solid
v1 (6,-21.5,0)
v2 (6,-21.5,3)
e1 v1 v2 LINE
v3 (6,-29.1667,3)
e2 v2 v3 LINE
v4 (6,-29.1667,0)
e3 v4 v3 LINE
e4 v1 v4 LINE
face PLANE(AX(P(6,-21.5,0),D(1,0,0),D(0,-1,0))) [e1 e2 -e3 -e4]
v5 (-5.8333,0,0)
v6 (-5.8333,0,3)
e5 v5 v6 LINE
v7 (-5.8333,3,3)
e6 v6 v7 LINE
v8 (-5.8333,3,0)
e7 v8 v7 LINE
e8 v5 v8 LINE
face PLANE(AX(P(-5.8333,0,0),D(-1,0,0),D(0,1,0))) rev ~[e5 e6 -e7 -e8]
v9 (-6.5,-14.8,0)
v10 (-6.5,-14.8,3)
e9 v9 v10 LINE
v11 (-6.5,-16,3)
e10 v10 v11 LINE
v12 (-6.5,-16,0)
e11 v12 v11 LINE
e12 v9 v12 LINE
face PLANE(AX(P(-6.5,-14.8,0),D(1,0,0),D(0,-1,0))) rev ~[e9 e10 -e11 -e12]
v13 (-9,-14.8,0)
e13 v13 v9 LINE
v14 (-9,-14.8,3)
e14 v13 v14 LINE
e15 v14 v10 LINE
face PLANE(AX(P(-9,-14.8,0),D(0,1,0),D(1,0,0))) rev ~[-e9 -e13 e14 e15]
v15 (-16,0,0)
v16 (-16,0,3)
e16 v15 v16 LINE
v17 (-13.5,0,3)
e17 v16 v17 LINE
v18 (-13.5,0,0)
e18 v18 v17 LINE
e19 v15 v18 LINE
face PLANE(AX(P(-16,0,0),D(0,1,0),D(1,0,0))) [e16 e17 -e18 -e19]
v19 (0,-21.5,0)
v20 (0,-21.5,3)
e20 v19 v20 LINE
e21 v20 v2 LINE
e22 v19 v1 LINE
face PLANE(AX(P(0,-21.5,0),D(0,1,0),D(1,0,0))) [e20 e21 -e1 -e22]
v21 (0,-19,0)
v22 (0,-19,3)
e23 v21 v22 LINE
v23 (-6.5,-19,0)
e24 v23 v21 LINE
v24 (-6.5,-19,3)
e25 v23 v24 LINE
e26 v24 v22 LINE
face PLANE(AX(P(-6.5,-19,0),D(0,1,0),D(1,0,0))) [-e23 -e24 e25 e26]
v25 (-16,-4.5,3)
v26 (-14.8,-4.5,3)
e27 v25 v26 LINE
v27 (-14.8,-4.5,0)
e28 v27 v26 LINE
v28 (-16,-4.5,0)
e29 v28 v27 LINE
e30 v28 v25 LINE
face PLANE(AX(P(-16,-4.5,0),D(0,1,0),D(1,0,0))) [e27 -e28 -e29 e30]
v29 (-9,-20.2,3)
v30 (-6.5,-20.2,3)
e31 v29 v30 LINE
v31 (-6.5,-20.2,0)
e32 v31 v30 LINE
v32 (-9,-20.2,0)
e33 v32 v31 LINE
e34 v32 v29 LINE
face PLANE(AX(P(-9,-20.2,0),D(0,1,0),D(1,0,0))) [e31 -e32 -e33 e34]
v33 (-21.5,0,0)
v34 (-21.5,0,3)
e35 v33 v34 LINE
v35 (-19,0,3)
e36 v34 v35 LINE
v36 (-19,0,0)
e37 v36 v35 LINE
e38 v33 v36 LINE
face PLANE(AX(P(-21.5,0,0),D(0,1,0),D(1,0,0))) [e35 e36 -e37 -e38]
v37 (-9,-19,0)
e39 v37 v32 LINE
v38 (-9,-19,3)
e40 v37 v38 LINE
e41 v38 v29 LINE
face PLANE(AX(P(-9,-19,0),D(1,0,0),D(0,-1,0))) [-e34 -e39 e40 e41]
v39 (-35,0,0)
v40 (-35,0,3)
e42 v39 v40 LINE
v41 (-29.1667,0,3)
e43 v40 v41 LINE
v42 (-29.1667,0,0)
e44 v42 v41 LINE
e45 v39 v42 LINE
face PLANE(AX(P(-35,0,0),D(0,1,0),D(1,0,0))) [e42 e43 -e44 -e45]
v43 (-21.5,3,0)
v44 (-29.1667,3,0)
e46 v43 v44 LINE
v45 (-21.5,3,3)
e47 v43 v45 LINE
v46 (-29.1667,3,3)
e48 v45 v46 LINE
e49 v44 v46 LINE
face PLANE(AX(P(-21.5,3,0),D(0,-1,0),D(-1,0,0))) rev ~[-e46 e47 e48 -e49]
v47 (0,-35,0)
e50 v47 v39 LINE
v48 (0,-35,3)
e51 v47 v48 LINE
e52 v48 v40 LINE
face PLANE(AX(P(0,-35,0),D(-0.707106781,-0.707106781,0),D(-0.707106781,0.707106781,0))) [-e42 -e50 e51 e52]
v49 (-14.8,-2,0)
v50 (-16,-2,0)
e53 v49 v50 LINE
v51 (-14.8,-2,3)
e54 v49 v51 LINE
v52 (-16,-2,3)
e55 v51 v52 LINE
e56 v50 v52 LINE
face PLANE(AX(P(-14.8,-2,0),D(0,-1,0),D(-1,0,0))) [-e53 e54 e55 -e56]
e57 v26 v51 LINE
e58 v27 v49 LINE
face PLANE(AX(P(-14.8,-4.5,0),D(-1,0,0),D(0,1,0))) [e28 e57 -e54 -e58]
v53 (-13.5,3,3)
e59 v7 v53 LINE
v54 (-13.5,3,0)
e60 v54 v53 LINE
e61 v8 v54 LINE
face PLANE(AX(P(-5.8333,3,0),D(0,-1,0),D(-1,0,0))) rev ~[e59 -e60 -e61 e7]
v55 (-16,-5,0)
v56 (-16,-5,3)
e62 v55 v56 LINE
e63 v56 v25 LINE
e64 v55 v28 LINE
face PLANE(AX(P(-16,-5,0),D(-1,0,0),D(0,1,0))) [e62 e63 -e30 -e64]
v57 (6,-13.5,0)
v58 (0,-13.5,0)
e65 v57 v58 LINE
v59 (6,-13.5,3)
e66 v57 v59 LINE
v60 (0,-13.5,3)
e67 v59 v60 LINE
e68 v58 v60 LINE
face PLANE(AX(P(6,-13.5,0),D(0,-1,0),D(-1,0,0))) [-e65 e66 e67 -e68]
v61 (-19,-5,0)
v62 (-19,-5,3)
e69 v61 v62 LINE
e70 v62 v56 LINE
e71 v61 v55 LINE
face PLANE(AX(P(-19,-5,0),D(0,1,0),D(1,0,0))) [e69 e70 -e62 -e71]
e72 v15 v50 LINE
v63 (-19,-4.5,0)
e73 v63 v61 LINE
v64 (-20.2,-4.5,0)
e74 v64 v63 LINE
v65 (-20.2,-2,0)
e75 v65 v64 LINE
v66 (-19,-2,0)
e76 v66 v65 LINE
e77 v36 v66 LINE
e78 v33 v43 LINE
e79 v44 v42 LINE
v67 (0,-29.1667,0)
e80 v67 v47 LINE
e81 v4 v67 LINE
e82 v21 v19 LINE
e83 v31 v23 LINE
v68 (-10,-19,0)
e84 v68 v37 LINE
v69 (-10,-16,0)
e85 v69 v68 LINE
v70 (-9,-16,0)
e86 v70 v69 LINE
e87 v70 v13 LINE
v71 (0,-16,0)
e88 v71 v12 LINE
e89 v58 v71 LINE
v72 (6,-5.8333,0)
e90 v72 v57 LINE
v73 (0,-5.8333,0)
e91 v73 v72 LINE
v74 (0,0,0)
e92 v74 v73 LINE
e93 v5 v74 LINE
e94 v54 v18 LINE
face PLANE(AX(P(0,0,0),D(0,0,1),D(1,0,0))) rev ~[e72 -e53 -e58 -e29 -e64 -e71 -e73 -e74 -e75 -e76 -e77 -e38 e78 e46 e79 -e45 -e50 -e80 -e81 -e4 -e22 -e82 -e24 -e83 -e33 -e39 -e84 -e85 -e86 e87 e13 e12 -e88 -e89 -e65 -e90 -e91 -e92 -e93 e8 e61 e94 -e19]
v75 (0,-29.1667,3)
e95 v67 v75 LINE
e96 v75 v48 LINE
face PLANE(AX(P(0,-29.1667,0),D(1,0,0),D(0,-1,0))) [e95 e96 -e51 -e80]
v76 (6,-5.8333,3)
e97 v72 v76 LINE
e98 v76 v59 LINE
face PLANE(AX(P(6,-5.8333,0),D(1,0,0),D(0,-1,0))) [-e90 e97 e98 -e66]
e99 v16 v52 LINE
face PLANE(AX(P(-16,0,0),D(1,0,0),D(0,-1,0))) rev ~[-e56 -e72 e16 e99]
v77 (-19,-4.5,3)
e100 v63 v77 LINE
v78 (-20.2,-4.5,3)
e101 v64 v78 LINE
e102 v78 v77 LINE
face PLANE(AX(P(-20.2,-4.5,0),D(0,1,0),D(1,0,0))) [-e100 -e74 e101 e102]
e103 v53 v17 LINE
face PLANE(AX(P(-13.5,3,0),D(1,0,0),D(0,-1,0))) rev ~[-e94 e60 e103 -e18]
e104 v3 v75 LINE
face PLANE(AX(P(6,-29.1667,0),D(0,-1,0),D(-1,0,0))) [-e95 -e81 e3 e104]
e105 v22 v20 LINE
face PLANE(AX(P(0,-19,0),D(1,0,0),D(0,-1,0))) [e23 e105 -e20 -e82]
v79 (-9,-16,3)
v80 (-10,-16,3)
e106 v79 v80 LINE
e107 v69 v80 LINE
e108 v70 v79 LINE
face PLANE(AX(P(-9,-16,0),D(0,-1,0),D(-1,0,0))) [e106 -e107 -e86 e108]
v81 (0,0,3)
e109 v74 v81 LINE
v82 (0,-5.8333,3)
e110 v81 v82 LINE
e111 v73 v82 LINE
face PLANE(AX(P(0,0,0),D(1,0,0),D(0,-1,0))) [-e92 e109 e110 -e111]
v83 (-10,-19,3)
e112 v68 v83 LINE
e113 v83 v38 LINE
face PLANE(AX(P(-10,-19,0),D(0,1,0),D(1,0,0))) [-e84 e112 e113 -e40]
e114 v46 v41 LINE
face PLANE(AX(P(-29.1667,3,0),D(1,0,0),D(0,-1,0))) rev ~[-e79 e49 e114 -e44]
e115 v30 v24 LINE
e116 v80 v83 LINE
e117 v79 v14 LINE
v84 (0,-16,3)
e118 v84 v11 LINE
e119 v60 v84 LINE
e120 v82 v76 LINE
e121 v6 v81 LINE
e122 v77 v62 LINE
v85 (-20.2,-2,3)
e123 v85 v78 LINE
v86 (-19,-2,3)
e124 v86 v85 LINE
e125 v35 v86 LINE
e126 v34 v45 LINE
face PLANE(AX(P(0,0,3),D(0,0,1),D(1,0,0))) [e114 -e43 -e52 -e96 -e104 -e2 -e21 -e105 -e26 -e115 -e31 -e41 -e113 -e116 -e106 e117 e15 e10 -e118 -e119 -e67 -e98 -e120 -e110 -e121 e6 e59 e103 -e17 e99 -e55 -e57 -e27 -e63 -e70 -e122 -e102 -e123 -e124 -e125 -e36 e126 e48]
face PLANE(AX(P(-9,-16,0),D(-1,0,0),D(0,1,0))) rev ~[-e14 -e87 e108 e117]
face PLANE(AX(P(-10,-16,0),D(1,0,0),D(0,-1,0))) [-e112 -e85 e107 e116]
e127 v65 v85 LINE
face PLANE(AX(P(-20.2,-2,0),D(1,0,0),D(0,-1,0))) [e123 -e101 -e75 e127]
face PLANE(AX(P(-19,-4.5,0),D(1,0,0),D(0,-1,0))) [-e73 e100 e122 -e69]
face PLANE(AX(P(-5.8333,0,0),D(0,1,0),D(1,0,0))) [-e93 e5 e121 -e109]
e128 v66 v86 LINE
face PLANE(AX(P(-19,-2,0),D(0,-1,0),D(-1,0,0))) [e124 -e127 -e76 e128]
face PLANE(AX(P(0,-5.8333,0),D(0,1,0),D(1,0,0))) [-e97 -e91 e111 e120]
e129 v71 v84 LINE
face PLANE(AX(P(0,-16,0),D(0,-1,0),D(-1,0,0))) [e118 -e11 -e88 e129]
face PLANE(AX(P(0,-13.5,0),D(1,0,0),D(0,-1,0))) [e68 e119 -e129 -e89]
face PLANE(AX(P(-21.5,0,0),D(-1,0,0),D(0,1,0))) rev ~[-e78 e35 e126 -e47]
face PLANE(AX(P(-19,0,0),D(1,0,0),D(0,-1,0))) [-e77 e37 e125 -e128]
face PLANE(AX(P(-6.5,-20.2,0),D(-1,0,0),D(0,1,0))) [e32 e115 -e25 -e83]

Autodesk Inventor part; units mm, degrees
ref_plane "YZ Plane" through (0, 0, 0) normal (1, 0, 0) x (0, 1, 0)
ref_plane "XZ Plane" through (0, 0, 0) normal (0, 1, 0) x (-1, 0, 0)
ref_plane "XY Plane" through (0, 0, 0) normal (0, 0, 1) x (1, 0, 0)
sketch "Sketch2" plane through (0, 0, 0) normal (0, 0, 1) x (1, 0, 0)
  line L0 (0, 0) -> (0, -5.8333)
  line L1 (0, -35) -> (-35, 0)
  line L2 (-35, 0) -> (-29.1667, 0)
  line L3 (-5.8333, 0) -> (-5.8333, 3)
  line L4 (-5.8333, 3) -> (-13.5, 3)
  line L5 (-13.5, 3) -> (-13.5, 0)
  line L6 (-21.5, 0) -> (-21.5, 3)
  line L7 (-21.5, 3) -> (-29.1667, 3)
  line L8 (-29.1667, 3) -> (-29.1667, 0)
  line L9 (-17.5, 7.0256) -> (-17.5, -7.5618) construction
  line L10 (-19, 0) -> (-19, -2)
  line L11 (-19, -2) -> (-20.2, -2)
  line L12 (-20.2, -2) -> (-20.2, -4.5)
  line L13 (-20.2, -4.5) -> (-19, -4.5)
  line L14 (-19, -4.5) -> (-19, -5)
  line L15 (-19, -5) -> (-16, -5)
  line L16 (-16, -5) -> (-16, -4.5)
  line L17 (-16, -4.5) -> (-14.8, -4.5)
  line L18 (-14.8, -4.5) -> (-14.8, -2)
  line L19 (-14.8, -2) -> (-16, -2)
  line L20 (-16, 0) -> (-16, -2)
  line L21 (-16, 0) -> (-13.5, 0)
  line L22 (-21.5, 0) -> (-19, 0)
  line L23 (-5.8333, 0) -> (0, 0)
  line L24 (0, -5.8333) -> (6, -5.8333)
  line L25 (6, -5.8333) -> (6, -13.5)
  line L26 (6, -13.5) -> (0, -13.5)
  line L27 (0, -21.5) -> (6, -21.5)
  line L28 (6, -21.5) -> (6, -29.1667)
  line L29 (6, -29.1667) -> (0, -29.1667)
  line L30 (0, -16) -> (-6.5, -16)
  line L31 (-9, -16) -> (-10, -16)
  line L32 (-10, -16) -> (-10, -19)
  line L33 (-10, -19) -> (-9, -19)
  line L34 (-9, -19) -> (-9, -20.2)
  line L35 (-9, -20.2) -> (-6.5, -20.2)
  line L36 (-6.5, -20.2) -> (-6.5, -19)
  line L37 (-6.5, -19) -> (0, -19)
  line L38 (-12.8614, -17.5) -> (7.6104, -17.5) construction
  line L39 (-9, -16) -> (-9, -14.8)
  line L40 (-9, -14.8) -> (-6.5, -14.8)
  line L41 (-6.5, -14.8) -> (-6.5, -16)
  line L42 (0, -13.5) -> (0, -16)
  line L43 (0, -19) -> (0, -21.5)
  line L44 (0, -29.1667) -> (0, -35)
  dimension "d2" = 35
  dimension "d5" = 3
  dimension "d6" = 3
  dimension "d7" = 5
  dimension "d8" = 8
  dimension "d9" = 2.5
  dimension "d10" = 5.4
  dimension "d11" = 8
  dimension "d12" = 23.3333
  dimension "d13" = 35
  dimension "d14" = 6
  dimension "d15" = 3
  dimension "d17" = 16
  dimension "d18" = 2.5
  dimension "d19" = 5.4
  dimension "d20" = 1
  dimension "d21" = 8
  dimension "d22" = 23.3333
extrude "Extrusion1" add sketch "Sketch2" along normal blind 3
equation "\"d12\" = 0.666667 * d2"
equation "\"d13\" = d2"
equation "\"d22\" = 0.666667 * d13"
properties part number "angle"
